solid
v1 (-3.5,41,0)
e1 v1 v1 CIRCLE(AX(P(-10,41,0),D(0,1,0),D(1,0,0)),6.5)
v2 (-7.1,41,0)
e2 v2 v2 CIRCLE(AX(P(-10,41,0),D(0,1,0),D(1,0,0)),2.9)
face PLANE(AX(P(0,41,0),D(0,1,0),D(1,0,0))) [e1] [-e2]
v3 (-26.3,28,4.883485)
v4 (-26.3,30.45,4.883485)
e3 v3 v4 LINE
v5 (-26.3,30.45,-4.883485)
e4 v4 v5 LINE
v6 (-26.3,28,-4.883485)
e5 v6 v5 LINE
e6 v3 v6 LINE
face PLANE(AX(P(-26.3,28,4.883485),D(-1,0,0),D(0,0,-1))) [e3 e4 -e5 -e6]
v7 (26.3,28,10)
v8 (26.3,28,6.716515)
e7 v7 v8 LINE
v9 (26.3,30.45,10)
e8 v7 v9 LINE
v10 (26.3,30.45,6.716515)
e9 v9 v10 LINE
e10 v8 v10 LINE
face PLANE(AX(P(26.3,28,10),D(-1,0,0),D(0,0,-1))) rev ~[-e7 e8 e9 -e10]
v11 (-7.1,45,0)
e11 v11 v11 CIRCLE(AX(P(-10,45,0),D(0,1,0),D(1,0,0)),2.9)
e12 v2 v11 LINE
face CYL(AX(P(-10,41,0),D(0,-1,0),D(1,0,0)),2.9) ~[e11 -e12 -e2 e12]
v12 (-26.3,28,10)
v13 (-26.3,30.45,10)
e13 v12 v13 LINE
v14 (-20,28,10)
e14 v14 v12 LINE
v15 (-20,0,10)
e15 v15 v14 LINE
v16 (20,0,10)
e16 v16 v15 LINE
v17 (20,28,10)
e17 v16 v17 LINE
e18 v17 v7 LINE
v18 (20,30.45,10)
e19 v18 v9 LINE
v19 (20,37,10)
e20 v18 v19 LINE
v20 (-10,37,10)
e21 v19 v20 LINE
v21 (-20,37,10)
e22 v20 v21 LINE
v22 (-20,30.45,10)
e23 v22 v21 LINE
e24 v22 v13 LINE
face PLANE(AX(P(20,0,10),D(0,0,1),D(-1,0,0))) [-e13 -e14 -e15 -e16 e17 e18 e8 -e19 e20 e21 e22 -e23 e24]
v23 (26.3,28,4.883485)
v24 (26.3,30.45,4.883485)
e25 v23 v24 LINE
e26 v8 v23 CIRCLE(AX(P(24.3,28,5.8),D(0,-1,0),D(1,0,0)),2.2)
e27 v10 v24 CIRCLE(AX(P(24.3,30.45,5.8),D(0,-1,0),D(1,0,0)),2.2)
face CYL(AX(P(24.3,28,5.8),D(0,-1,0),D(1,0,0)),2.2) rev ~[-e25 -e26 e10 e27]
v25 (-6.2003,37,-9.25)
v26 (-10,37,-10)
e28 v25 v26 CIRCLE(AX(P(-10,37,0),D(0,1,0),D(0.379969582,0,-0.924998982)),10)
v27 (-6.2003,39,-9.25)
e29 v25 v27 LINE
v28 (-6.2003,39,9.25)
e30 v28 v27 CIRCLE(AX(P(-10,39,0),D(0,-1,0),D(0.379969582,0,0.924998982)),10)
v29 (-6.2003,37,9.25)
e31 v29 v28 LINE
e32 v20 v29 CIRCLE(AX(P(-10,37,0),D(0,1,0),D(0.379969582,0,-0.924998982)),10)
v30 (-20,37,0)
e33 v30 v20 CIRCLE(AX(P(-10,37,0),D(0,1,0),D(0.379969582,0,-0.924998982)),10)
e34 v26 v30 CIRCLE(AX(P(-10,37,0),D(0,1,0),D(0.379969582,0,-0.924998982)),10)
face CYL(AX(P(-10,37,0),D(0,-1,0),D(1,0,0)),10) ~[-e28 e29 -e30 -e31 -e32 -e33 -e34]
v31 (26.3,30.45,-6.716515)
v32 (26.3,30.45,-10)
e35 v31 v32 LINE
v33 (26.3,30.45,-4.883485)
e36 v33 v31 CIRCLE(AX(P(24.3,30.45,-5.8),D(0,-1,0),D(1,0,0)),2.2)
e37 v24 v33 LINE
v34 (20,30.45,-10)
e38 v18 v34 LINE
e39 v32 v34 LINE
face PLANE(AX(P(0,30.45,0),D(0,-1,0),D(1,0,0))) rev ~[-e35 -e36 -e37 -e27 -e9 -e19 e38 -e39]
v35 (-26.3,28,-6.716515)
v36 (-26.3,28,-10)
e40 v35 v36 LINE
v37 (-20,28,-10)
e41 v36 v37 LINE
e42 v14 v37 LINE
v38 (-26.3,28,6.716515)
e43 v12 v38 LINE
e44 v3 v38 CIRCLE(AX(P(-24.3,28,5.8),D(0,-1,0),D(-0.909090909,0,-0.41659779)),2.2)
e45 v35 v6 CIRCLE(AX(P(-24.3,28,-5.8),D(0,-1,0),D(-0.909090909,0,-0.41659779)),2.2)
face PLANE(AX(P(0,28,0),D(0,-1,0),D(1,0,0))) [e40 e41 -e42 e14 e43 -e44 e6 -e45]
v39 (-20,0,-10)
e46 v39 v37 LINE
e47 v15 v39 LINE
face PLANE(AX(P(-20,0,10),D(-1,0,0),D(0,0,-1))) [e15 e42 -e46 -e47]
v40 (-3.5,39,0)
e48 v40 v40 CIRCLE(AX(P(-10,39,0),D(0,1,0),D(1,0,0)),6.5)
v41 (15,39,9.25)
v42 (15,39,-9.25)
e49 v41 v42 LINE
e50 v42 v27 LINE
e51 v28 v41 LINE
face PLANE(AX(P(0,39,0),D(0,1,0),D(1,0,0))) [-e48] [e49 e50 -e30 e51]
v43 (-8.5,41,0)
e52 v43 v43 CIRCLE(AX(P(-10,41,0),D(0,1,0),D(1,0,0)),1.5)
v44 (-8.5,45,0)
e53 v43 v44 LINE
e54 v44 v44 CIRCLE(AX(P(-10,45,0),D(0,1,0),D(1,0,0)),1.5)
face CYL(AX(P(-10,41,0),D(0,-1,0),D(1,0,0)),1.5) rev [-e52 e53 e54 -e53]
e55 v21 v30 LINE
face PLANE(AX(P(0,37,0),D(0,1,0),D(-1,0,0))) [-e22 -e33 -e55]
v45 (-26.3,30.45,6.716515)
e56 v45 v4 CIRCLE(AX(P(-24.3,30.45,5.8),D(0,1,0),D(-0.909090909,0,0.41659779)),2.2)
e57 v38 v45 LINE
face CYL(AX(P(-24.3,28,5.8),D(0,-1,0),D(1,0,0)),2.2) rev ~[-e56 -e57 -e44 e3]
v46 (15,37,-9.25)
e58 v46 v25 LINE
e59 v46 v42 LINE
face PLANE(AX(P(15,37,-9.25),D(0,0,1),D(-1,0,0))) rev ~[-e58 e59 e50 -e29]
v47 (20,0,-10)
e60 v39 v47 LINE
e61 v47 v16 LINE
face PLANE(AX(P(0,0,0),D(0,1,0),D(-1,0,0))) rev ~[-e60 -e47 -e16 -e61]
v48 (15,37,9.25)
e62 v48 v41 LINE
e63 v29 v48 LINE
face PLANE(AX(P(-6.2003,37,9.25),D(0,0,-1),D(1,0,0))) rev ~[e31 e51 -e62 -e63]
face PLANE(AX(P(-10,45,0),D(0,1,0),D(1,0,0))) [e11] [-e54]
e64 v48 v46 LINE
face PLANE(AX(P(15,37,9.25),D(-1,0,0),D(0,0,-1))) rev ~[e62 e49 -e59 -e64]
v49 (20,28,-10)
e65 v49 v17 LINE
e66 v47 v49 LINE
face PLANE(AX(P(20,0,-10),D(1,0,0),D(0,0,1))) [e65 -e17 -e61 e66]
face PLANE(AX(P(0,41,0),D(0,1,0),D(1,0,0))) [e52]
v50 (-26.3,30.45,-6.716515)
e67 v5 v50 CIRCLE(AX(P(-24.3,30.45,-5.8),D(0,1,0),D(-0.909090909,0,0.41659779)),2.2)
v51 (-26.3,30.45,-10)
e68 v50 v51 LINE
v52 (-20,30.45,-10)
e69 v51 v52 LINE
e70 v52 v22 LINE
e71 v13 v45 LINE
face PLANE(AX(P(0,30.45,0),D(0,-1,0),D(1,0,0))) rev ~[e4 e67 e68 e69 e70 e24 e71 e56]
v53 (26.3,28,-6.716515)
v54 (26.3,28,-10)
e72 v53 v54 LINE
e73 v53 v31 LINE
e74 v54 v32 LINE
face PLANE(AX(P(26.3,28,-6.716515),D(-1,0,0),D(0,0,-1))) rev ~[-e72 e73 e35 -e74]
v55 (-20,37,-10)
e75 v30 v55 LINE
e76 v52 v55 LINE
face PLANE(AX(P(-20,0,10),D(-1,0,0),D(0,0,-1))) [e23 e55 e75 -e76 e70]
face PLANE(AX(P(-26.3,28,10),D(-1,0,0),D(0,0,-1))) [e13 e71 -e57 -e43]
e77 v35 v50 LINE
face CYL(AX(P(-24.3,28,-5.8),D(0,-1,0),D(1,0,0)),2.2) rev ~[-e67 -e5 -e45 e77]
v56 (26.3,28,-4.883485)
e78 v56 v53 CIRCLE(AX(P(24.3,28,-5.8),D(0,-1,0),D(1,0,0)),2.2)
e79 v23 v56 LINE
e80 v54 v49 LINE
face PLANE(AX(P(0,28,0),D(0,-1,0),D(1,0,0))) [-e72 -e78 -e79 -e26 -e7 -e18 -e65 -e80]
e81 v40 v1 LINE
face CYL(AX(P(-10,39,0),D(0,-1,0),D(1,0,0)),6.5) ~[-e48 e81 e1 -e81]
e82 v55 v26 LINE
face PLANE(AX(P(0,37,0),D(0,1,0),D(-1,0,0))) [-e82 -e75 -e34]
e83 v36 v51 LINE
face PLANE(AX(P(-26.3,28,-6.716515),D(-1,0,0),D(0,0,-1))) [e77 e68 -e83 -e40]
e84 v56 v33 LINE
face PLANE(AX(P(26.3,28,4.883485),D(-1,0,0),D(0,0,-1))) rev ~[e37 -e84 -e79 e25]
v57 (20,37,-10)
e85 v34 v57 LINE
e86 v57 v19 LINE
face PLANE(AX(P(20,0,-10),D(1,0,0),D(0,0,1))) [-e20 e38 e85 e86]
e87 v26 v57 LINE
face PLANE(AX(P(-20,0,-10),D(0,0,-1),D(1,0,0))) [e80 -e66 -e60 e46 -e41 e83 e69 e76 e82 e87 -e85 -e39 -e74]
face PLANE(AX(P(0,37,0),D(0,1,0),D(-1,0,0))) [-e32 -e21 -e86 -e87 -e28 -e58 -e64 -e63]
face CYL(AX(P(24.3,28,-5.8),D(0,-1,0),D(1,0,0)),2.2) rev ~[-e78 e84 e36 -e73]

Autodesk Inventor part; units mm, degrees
ref_plane "YZ Plane" through (0, 0, 0) normal (1, 0, 0) x (0, 1, 0)
ref_plane "XZ Plane" through (0, 0, 0) normal (0, 1, 0) x (-1, 0, 0)
sketch "Sketch1" plane through (0, 0, 0) normal (0, 1, 0) x (-1, 0, 0)
  line L0 (-20, 10) -> (20, 10)
  line L1 (20, 10) -> (20, -10)
  line L2 (20, -10) -> (-20, -10)
  line L3 (-20, -10) -> (-20, 10)
  line L4 (-20, 10) -> (20, -10) construction
  line L5 (20, 10) -> (-20, -10) construction
  point P0 (0, 0)
  dimension "d0" = 40
  dimension "d1" = 20
extrude "Extrusion1" add sketch "Sketch1" along normal blind 37
sketch "Sketch2" plane through (0, 37, 0) normal (0, 1, 0) x (1, 0, 0)
  line L0 (20, 10) -> (-20, 10) projected
  line L1 (-20, 10) -> (-20, -10) projected
  line L2 (-20, -10) -> (20, -10) projected
  line L3 (20, -10) -> (20, 10) projected
  circle A0 centre (-10, 0) radius 10
  line L4 (-20, 10) -> (-20, -10) projected
  line L5 (15, -10) -> (15, 10)
  line L6 (15, 9.25) -> (-6.2003, 9.25)
  line L7 (-6.2003, -9.25) -> (15, -9.25)
  point P0 (0, 0)
  dimension "d4" = 5
extrude "Extrusion2" add sketch "Sketch2" along normal blind 2 contours A0 | L5 L7 A0 L6
sketch "Sketch3" plane through (0, 39, 0) normal (0, 1, 0) x (1, 0, 0)
  line L0 (-6.2003, -9.25) -> (15, -9.25) projected
  line L1 (15, -9.25) -> (15, 9.25) projected
  line L2 (15, 9.25) -> (-6.2003, 9.25) projected
  arc A0 (-6.2003, 9.25) -> (-6.2003, -9.25) centre (-10, 0) ccw projected
  circle A1 centre (-10, 0) radius 6.5
  point P0 (0, 0)
  dimension "d8" = 13
extrude "Extrusion3" add sketch "Sketch3" along normal blind 2 contours A1
sketch "Sketch4" plane through (-10, 41, 0) normal (0, 1, 0) x (1, 0, 0)
  circle A0 centre (0, 0) radius 6.5 projected
  circle A1 centre (0, 0) radius 2.9
  circle A2 centre (0, 0) radius 1.5
  point P0 (10, 0)
  dimension "d11" = 5.8
  dimension "d12" = 3
extrude "Extrusion4" add sketch "Sketch4" along normal blind 4 contours A1
ref_plane "Work Plane1" through (0, 28, 0) normal (0, -1, 0) x (1, 0, 0)
sketch "Sketch5" plane through (0, 28, 0) normal (0, -1, 0) x (1, 0, 0)
  arc A0 (-10, -10) -> (-6.2003, -9.25) centre (-10, 0) ccw projected
  line L0 (-6.2003, -9.25) -> (15, -9.25) projected
  line L1 (15, -9.25) -> (15, 9.25) projected
  line L2 (15, 9.25) -> (-6.2003, 9.25) projected
  arc A1 (-6.2003, 9.25) -> (-10, 10) centre (-10, 0) ccw projected
  line L3 (-10, 10) -> (20, 10) projected
  line L4 (20, 10) -> (20, -10) projected
  line L5 (20, -10) -> (-10, -10) projected
  arc A2 (-10, 10) -> (-20, 0) centre (-10, 0) ccw projected
  line L6 (-20, 0) -> (-20, 10) projected
  line L7 (-20, 10) -> (-10, 10) projected
  arc A3 (-20, 0) -> (-10, -10) centre (-10, 0) ccw projected
  line L8 (-10, -10) -> (-20, -10) projected
  line L9 (-20, -10) -> (-20, 0) projected
  line L10 (-20, 10) -> (-26.3, 10)
  line L11 (-26.3, 10) -> (-26.3, -10)
  line L12 (-26.3, -10) -> (-20, -10)
  line L13 (-20, -10) -> (-20, 10)
  line L14 (20, 10) -> (26.3, 10)
  line L15 (26.3, 10) -> (26.3, -10)
  line L16 (26.3, -10) -> (20, -10)
  line L17 (20, -10) -> (20, 10)
  circle A4 centre (24.3, 5.8) radius 2.2
  line L18 (20, 5.8) -> (22.1, 5.8) construction
  line L19 (0, -10) -> (0, -15.1491)
  line L20 (20, 10) -> (20, -10) projected
  line L21 (20, 0) -> (22.5191, 0)
  line L22 (24.3, 8) -> (24.3, 10) construction
  circle A5 centre (24.3, -5.8) radius 2.2
  circle A6 centre (-24.3, 5.8) radius 2.2
  circle A7 centre (-24.3, -5.8) radius 2.2
  point P0 (0, 0)
  point P1 (26.3, -6.7165)
  point P2 (26.3, -4.8835)
  point P3 (26.3, 4.8835)
  point P4 (26.3, 6.7165)
  point P5 (-26.3, 6.7165)
  point P6 (-26.3, 4.8835)
  point P7 (-26.3, -4.8835)
  point P8 (-26.3, -6.7165)
  point P9 (-20, 0)
  dimension "d16" = 6.3
  dimension "d17" = 6.3
  dimension "d18" = 4.4
  dimension "d19" = 2.1
  dimension "d20" = 2
extrude "Extrusion5" add sketch "Sketch5" against normal blind 2.45 contours L9 L12 L11 A7 A6 L10 L6 | L4 L14 L15 A4 A5 L16
equation "\"d16\" = d17"
properties part number "MG996R"
